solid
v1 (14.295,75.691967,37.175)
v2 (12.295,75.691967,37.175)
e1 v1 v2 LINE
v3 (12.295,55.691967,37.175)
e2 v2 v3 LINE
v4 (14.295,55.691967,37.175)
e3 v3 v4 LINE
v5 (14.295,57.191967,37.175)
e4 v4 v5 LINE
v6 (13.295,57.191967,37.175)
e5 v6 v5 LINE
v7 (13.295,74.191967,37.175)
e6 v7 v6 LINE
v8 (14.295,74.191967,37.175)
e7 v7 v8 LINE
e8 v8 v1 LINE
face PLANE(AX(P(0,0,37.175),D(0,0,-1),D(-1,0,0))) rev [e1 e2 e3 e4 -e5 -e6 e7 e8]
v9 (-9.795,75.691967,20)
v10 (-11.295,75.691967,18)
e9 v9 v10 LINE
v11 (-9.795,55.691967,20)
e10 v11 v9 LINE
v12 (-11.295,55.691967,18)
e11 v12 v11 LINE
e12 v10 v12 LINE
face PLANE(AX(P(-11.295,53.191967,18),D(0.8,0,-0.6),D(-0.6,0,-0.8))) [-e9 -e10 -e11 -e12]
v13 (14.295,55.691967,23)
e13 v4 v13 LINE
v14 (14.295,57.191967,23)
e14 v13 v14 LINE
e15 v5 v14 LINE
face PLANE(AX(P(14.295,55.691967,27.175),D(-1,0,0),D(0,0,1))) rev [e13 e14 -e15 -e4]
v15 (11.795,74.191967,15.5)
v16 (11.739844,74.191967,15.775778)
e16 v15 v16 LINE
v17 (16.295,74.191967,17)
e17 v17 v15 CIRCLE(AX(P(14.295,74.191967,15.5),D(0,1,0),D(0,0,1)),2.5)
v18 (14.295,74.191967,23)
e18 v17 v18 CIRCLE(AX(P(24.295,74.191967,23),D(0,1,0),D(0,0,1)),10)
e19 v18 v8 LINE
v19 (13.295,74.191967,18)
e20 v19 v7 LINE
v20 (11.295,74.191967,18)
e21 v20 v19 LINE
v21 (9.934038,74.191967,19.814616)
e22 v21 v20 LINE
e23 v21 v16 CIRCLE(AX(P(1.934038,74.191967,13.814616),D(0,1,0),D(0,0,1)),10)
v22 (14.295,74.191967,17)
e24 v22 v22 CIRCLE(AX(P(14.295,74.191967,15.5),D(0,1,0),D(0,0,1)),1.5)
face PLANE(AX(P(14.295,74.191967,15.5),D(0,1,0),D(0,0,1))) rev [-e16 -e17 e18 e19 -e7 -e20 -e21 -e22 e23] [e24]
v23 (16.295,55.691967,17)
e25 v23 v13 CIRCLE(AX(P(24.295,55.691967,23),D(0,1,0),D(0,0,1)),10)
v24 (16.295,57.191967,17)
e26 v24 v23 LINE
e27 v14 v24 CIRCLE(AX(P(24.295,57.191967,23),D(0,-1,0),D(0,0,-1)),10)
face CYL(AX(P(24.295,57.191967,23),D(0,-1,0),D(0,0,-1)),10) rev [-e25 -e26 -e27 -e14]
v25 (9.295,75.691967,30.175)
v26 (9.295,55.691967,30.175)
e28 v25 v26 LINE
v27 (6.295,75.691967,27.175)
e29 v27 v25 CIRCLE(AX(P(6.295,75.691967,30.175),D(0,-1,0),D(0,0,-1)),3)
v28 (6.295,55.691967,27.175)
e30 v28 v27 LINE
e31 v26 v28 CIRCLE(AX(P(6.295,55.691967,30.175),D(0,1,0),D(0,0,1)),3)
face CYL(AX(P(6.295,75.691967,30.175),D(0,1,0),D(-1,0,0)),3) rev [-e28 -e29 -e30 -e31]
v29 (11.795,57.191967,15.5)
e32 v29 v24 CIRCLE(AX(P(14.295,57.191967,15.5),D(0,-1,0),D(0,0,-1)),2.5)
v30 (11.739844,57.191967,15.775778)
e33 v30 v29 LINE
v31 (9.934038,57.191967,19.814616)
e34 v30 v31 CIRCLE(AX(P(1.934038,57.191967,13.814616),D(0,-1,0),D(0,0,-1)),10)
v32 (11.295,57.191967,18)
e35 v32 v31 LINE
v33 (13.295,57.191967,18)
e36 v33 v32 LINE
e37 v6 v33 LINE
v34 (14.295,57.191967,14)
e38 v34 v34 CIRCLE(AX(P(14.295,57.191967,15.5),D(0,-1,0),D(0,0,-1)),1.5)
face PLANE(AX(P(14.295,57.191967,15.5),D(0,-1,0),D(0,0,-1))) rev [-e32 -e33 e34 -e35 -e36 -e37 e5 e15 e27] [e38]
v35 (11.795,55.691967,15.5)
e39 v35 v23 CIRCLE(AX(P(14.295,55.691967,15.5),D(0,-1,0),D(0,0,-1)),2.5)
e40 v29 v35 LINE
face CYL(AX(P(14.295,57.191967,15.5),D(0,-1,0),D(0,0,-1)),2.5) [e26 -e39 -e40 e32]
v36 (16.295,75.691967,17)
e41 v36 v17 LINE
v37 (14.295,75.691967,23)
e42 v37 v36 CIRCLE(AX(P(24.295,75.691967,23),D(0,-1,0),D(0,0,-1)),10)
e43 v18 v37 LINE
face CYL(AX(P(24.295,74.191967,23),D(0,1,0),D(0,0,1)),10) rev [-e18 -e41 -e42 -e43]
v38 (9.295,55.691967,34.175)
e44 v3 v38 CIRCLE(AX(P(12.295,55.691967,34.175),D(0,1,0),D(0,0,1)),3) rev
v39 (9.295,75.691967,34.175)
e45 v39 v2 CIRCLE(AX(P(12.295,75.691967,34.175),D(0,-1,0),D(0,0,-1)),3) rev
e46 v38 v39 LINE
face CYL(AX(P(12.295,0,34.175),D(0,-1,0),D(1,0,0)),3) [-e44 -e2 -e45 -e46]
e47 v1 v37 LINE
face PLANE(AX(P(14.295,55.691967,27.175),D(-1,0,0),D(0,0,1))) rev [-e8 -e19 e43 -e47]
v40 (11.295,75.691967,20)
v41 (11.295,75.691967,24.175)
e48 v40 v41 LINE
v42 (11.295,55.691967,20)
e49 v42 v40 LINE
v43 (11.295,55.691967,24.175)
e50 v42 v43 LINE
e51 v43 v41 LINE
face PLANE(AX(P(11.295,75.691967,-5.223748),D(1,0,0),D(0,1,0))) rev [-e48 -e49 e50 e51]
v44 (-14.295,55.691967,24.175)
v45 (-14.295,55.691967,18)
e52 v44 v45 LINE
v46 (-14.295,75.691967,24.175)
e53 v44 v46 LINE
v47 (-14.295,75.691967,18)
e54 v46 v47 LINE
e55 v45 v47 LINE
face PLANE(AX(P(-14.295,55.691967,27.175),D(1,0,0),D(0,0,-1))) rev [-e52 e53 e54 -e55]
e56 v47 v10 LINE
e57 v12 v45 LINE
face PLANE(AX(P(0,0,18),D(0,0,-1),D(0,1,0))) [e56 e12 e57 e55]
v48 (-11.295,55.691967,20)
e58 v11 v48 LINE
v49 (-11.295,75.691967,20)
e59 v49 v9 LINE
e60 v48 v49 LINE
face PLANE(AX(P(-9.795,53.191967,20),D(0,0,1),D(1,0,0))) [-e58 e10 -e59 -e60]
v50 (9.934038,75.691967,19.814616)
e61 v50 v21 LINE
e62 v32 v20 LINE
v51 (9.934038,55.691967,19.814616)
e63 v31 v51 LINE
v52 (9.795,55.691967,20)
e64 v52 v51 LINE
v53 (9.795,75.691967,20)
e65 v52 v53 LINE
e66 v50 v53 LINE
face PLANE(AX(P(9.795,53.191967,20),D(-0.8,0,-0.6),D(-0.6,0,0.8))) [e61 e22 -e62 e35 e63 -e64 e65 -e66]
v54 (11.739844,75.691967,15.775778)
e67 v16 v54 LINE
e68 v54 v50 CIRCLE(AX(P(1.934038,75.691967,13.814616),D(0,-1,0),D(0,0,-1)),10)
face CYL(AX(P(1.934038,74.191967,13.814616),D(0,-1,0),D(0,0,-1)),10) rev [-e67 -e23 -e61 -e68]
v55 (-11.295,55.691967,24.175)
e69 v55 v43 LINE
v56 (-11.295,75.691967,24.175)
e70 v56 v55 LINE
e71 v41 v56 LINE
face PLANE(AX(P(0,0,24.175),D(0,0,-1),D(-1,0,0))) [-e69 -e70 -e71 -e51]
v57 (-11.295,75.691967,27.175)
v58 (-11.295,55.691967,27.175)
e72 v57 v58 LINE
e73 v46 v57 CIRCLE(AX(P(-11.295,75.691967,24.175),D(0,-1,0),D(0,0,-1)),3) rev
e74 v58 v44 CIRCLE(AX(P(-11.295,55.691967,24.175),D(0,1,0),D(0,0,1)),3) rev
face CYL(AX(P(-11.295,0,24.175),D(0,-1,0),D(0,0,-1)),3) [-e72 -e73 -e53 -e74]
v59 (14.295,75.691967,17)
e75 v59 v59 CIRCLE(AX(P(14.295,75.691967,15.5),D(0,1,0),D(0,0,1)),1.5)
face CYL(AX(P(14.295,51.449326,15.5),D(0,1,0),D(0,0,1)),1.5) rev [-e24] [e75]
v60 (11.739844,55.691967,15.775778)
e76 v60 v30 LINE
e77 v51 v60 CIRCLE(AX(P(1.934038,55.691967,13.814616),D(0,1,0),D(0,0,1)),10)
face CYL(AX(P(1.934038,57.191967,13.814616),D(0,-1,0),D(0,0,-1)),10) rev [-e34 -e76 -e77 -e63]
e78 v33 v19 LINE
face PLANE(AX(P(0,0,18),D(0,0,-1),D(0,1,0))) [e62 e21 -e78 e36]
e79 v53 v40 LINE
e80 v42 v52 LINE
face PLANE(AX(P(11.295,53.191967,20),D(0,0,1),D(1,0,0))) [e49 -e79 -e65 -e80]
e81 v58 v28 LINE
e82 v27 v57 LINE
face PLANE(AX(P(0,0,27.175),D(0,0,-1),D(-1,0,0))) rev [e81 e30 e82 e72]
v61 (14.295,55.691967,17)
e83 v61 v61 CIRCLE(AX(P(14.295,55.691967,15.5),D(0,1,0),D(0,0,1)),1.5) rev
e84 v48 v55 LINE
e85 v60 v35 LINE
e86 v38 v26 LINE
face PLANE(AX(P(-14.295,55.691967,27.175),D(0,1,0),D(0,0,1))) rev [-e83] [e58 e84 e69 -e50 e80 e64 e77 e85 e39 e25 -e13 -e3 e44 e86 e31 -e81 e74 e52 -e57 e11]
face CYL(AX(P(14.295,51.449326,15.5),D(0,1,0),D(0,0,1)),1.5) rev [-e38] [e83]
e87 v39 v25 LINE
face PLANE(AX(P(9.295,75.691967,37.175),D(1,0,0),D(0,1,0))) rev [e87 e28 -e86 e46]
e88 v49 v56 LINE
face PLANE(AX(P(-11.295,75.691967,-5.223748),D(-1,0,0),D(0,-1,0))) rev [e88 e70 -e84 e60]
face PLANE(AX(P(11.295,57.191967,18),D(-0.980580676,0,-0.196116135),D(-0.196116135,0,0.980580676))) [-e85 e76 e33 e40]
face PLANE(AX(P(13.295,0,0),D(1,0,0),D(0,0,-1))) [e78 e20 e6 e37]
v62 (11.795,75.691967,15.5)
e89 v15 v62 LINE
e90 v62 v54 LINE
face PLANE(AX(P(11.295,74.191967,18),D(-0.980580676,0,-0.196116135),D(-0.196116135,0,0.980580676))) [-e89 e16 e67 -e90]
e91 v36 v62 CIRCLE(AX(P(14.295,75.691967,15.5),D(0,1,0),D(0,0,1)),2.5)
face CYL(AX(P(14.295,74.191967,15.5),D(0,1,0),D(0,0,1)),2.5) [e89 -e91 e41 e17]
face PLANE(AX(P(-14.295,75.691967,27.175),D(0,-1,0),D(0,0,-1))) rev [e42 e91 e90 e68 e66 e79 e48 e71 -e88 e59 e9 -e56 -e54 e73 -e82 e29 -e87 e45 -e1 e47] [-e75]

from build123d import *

# Parameters (mm, degrees)
SKETCH1_W           = 28.59
SKETCH1_H           = 20
BOSS_EXTRUDE1_DEPTH = 3
SKETCH2_W           = 3
SKETCH2_H           = 20
BOSS_EXTRUDE2_DEPTH = 6.175
BOSS_EXTRUDE3_DEPTH = 20
SKETCH5_W           = 5
SKETCH5_H           = 20
BOSS_EXTRUDE4_DEPTH = 10
BOSS_EXTRUDE5_DEPTH = 1.5
BOSS_EXTRUDE6_START = -1.5
BOSS_EXTRUDE6_DEPTH = 1.5
CUT_EXTRUDE1_START  = -20
SKETCH8_R           = 1.5
CUT_EXTRUDE1_DEPTH  = 20
SKETCH9_W           = 19.175
SKETCH9_H           = 17
CUT_EXTRUDE2_DEPTH  = 1
FILLET1_R           = 10
FILLET2_R           = 10
FILLET3_R           = 3


with BuildPart() as part:
    # Sketch1 → Boss-Extrude1 (new body)
    with BuildSketch(Plane.XY.offset(24.175)):
        with Locations((0, 65.691967044)):
            Rectangle(SKETCH1_W, SKETCH1_H)
    extrude(amount=BOSS_EXTRUDE1_DEPTH)

    # Sketch2 → Boss-Extrude2 (add)
    with BuildSketch(Plane(origin=(0, 0, 24.175), x_dir=(-1, 0, 0), z_dir=(0, 0, -1))):
        with Locations((-12.795, 65.691967044)):
            Rectangle(SKETCH2_W, SKETCH2_H)
        with Locations((12.795, 65.691967044)):
            Rectangle(SKETCH2_W, SKETCH2_H)
    extrude(amount=BOSS_EXTRUDE2_DEPTH)

    # Sketch4 → Boss-Extrude3 (add)
    with BuildSketch(Plane(origin=(0, 75.691967044, 0), x_dir=(1, 0, 0), z_dir=(0, 1, 0))):
        Polygon((-11.295, -20), (-11.295, -18), (-9.795, -20), align=None)
        Polygon((11.295, -18), (11.295, -20), (9.795, -20), align=None)
    extrude(amount=-BOSS_EXTRUDE3_DEPTH)

    # Sketch5 → Boss-Extrude4 (add)
    with BuildSketch(Plane.XY.offset(27.175)):
        with Locations((11.795, 65.691967044)):
            Rectangle(SKETCH5_W, SKETCH5_H)
    extrude(amount=BOSS_EXTRUDE4_DEPTH)

    # Sketch6 → Boss-Extrude5 (add)
    with BuildSketch(Plane.XZ.offset(-55.691967044)):
        with BuildLine():
            Line((11.295, 18), (11.795, 15.5))
            ThreePointArc((11.795, 15.5), (16.062766953, 13.732233047), (14.295, 18))
            Line((14.295, 18), (11.295, 18))
        make_face()
    extrude(amount=-BOSS_EXTRUDE5_DEPTH)

    # Sketch7 → Boss-Extrude6 (add)
    with BuildSketch(Plane(origin=(0, 75.691967044, 0), x_dir=(1, 0, 0), z_dir=(0, 1, 0)).offset(BOSS_EXTRUDE6_START)):
        with BuildLine():
            Line((11.295, -18), (11.795, -15.5))
            ThreePointArc((11.795, -15.5), (16.062766953, -13.732233047), (14.295, -18))
            Line((14.295, -18), (11.295, -18))
        make_face()
    extrude(amount=BOSS_EXTRUDE6_DEPTH)

    # Sketch8 → Cut-Extrude1 (cut)
    with BuildSketch(Plane(origin=(0, 75.691967044, 0), x_dir=(1, 0, 0), z_dir=(0, 1, 0)).offset(CUT_EXTRUDE1_START)):
        with Locations(Location((14.295, -15.5, 0), (0, 0, 270))):
            Circle(SKETCH8_R)
    extrude(amount=CUT_EXTRUDE1_DEPTH, mode=Mode.SUBTRACT)

    # Sketch9 → Cut-Extrude2 (cut)
    with BuildSketch(Plane(origin=(14.295, 0, 0), x_dir=(0, 0, -1), z_dir=(1, 0, 0))):
        with Locations((-27.5875, 65.691967044)):
            Rectangle(SKETCH9_W, SKETCH9_H)
    extrude(amount=-CUT_EXTRUDE2_DEPTH, mode=Mode.SUBTRACT)

    # Fillet1
    fillet1_edges = [part.edges().sort_by_distance(p)[0] for p in [
        (14.295, 74.941967044, 18),
        (14.295, 56.441967044, 18),
    ]]
    fillet(fillet1_edges, radius=FILLET1_R)

    # Fillet2
    fillet2_edges = [part.edges().sort_by_distance(p)[0] for p in [
        (11.295, 74.941967044, 18),
        (11.295, 56.441967044, 18),
    ]]
    fillet(fillet2_edges, radius=FILLET2_R)

    # Fillet3
    fillet3_edges = [part.edges().sort_by_distance(p)[0] for p in [
        (-14.295, 65.691967044, 27.175),
        (9.295, 65.691967044, 27.175),
        (9.295, 65.691967044, 37.175),
    ]]
    fillet(fillet3_edges, radius=FILLET3_R)


solid = part.part
